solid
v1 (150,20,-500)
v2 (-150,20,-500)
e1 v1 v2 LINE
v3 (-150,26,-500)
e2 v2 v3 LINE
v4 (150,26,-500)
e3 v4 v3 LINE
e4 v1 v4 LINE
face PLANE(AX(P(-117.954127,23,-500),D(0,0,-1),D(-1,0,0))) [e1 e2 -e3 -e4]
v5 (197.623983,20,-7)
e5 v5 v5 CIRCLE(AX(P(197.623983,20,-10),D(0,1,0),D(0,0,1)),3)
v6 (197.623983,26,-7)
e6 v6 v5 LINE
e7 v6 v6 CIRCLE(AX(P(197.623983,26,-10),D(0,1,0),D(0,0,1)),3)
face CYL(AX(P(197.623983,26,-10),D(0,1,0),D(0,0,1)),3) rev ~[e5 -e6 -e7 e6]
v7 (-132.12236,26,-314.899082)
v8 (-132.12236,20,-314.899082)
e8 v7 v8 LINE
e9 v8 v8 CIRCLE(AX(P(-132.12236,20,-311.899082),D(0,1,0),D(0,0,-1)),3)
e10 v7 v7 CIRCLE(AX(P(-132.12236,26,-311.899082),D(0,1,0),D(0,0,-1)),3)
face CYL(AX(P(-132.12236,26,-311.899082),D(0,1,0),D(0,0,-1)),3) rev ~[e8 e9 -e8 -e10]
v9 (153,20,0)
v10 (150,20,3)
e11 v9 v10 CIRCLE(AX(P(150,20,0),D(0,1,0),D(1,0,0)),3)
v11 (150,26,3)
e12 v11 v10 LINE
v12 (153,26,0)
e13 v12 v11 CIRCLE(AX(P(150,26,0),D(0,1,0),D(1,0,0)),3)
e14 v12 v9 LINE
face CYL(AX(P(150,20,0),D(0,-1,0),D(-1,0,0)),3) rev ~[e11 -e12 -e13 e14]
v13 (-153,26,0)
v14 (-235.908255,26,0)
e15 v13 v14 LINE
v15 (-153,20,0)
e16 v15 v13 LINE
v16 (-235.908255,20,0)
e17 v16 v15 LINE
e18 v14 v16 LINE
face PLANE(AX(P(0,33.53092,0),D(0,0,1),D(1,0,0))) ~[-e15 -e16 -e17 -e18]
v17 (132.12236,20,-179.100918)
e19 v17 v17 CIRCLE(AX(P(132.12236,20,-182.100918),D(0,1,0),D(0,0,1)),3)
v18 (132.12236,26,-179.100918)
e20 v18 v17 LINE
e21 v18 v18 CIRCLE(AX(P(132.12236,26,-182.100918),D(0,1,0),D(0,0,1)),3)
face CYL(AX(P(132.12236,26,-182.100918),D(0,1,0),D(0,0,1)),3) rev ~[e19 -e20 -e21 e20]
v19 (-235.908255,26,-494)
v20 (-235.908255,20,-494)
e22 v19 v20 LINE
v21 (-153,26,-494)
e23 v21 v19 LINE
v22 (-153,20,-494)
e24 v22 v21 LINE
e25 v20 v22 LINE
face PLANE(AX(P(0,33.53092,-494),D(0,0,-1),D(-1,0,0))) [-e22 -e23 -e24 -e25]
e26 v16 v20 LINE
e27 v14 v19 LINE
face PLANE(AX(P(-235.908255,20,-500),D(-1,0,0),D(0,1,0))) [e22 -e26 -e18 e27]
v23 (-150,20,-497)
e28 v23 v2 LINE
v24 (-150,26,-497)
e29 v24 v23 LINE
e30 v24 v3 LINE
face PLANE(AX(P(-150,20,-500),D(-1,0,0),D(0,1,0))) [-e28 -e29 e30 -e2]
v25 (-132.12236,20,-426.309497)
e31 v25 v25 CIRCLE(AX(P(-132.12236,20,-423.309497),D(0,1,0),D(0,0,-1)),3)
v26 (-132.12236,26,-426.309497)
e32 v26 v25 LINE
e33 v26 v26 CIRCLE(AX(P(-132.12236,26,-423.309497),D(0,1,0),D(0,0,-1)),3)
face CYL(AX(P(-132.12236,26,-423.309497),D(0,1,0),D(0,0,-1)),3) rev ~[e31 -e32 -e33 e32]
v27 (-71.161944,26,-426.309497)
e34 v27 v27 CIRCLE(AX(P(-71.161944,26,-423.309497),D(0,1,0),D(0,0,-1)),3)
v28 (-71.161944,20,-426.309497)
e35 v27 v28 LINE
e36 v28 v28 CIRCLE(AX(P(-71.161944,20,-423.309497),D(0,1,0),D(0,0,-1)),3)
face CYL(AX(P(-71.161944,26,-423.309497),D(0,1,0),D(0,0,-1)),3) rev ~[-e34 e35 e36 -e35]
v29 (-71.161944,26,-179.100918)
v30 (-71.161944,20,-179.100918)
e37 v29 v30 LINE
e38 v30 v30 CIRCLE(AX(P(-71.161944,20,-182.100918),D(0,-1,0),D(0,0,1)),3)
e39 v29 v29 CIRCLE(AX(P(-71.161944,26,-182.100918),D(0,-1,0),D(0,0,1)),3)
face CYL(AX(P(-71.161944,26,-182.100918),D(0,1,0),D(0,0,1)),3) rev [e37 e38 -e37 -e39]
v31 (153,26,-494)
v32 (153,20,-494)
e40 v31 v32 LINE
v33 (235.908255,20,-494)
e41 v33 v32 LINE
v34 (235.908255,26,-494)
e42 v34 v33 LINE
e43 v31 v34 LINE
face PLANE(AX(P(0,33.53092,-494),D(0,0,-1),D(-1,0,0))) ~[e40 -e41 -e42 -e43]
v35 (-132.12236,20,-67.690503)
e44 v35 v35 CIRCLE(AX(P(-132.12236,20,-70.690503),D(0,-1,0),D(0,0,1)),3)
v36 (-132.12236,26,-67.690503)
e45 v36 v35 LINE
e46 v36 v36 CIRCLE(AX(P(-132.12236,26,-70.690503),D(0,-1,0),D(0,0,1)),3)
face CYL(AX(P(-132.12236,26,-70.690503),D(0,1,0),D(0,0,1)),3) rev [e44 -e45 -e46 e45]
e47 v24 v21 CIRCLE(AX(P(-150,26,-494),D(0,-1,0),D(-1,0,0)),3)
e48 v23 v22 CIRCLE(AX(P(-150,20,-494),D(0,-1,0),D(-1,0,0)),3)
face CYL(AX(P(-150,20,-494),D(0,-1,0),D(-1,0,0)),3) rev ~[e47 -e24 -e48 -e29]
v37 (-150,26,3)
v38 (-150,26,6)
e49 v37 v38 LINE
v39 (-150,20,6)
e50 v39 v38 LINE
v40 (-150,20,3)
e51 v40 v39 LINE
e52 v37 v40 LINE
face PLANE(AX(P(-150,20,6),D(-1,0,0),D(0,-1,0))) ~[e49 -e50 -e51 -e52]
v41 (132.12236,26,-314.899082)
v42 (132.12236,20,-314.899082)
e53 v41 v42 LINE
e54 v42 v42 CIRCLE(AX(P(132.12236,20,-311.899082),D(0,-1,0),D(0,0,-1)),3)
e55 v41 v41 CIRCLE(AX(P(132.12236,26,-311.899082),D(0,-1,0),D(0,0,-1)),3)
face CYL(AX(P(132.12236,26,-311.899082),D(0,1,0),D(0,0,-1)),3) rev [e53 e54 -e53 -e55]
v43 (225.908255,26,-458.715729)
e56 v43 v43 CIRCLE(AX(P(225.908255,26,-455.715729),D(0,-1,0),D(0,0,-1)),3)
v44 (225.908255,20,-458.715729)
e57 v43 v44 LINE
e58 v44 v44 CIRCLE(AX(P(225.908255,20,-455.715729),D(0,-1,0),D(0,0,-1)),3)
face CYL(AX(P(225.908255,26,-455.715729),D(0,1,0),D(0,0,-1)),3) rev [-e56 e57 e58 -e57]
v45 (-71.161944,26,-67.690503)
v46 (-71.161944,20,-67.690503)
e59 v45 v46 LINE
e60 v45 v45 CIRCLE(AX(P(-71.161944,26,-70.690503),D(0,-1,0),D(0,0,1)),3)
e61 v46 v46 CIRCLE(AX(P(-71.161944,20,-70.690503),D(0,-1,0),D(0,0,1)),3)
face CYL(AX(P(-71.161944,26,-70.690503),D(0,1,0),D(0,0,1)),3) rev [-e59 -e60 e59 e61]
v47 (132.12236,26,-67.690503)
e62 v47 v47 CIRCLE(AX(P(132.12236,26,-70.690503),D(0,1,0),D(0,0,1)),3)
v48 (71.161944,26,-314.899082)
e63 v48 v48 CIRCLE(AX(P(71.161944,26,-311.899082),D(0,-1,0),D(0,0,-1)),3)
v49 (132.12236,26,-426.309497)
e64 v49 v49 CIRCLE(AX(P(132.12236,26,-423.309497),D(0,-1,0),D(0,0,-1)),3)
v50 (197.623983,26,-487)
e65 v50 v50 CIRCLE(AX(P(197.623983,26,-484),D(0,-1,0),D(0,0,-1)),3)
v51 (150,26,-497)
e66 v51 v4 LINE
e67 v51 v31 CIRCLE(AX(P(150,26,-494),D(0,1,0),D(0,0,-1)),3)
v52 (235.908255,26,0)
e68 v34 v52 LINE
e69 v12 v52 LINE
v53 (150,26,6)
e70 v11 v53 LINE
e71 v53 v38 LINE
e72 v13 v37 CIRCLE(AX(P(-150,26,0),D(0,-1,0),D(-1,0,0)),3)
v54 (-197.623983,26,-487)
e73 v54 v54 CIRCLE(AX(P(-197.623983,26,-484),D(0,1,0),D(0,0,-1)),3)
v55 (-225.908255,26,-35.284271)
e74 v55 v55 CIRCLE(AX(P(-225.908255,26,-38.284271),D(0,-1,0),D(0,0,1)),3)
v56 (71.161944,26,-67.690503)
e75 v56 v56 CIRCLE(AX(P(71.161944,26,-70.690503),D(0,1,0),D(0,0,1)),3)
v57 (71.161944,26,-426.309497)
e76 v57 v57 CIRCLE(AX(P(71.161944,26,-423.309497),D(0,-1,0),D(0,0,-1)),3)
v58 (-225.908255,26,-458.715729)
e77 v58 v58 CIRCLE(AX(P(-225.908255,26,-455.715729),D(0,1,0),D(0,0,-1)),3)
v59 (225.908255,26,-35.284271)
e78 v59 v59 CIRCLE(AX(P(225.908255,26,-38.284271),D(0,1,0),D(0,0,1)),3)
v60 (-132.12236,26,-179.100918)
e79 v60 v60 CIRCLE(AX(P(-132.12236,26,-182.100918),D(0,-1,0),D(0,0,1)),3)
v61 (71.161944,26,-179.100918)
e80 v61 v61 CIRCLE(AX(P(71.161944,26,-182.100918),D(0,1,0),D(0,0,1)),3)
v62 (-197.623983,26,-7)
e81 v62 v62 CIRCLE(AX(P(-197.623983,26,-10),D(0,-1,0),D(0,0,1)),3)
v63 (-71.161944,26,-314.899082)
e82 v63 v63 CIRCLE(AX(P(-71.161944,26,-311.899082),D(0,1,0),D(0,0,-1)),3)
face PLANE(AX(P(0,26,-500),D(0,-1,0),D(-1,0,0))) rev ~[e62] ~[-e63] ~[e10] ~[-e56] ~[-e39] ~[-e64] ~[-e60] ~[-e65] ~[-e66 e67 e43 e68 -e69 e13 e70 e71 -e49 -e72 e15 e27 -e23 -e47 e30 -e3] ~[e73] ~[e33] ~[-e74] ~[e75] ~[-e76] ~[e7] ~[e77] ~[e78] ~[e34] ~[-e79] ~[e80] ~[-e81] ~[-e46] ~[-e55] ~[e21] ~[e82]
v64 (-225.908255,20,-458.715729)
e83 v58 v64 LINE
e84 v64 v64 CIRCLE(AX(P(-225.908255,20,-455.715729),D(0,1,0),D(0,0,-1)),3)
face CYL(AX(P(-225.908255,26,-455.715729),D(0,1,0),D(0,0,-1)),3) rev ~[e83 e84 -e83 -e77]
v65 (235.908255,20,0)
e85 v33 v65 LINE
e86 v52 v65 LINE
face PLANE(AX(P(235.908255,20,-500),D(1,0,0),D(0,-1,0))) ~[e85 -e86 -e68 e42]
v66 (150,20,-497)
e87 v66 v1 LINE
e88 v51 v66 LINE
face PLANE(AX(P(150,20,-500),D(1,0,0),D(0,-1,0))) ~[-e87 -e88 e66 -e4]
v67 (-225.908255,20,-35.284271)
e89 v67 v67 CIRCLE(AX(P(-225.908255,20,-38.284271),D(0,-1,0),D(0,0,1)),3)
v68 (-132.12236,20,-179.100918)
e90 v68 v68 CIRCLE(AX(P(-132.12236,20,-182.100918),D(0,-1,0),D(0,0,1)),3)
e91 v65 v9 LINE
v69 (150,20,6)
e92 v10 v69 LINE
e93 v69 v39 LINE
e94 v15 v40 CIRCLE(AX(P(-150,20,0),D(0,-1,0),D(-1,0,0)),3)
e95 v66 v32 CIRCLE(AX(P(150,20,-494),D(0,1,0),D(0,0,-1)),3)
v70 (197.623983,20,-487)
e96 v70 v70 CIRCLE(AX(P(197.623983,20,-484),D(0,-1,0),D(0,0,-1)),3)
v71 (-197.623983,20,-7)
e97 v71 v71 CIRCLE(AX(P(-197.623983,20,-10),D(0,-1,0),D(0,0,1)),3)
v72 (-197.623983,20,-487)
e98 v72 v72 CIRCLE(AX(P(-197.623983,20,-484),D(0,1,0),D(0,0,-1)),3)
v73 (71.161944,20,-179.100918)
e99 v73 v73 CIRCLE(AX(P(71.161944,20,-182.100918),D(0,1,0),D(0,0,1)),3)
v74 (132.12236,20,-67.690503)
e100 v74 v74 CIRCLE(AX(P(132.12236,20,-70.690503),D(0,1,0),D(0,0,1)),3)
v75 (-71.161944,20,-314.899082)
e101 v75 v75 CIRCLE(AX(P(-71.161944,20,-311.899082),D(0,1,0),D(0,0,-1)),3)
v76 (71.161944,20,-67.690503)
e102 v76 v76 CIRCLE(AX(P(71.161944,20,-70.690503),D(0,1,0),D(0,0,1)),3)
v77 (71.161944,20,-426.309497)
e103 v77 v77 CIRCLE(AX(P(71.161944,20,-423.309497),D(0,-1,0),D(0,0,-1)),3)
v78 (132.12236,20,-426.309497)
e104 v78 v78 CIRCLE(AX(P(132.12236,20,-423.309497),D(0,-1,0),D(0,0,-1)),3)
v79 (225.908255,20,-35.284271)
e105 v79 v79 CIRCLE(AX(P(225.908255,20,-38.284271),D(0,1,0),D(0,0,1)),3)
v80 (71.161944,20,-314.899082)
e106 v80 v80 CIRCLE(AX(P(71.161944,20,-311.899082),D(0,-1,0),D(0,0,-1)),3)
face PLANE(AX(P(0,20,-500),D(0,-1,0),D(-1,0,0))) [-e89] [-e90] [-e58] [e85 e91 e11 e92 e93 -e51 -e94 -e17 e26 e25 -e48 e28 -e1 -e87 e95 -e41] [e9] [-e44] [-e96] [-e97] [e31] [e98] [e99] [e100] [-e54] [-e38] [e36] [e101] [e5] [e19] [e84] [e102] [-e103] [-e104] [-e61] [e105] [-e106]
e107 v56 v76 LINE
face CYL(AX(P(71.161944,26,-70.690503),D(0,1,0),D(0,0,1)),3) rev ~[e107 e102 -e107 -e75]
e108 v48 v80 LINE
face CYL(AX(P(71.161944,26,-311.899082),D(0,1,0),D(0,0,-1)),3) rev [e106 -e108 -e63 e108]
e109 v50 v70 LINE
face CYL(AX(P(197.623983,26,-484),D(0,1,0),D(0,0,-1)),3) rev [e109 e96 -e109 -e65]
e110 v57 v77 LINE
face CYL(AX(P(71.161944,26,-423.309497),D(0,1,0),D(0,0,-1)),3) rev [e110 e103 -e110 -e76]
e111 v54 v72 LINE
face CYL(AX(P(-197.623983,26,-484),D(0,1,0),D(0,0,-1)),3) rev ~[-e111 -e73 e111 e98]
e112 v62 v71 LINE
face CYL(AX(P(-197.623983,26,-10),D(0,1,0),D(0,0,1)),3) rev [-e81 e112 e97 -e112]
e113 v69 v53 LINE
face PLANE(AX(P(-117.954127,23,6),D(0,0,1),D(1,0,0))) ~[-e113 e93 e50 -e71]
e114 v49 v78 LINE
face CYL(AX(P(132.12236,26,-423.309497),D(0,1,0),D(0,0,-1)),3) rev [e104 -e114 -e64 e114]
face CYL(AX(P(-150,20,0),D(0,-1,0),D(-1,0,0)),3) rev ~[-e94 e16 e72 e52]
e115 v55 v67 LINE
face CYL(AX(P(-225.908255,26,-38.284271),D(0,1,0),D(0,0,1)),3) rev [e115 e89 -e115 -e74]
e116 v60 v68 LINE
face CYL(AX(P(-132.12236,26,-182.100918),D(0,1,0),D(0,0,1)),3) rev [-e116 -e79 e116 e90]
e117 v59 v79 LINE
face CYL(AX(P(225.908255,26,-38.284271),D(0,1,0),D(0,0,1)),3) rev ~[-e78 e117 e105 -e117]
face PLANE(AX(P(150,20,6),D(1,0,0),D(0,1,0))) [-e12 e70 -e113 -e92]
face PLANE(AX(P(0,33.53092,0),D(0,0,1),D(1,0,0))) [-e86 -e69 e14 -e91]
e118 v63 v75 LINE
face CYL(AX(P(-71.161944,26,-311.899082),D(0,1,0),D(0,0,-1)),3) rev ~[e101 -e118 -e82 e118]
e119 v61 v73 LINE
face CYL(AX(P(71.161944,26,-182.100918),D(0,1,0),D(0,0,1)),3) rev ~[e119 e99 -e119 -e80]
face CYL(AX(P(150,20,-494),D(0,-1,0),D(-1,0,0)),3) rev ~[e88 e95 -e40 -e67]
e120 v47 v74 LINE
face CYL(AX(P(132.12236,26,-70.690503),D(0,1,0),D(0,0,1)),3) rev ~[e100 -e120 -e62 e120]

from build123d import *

# Parameters (mm, degrees)
RESSALTO_EXTRUS_O2_DEPTH = 6
RESSALTO_EXTRUS_O3_DEPTH = 6
CORTE_EXTRUS_O2_DEPTH    = 10
ESBO_O7_W                = 235.908254568
ESBO_O7_H                = 6
RESSALTO_EXTRUS_O4_DEPTH = 253
ESBO_O8_W                = 6.266008042
ESBO_O8_H                = 6
CORTE_EXTRUS_O3_DEPTH    = 6
ESBO_O9_R                = 3
CORTE_EXTRUS_O4_DEPTH    = 342.610457354
ESBO_O10_R               = 3
CORTE_EXTRUS_O5_DEPTH    = 553.891223092


with BuildPart() as part:
    # Esboço1 → Ressalto-extrusão2 (new body)
    with BuildSketch(Plane.XY):
        with BuildLine():
            Line((-199.999999999, 0), (199.999999999, 0))
            ThreePointArc((199.999999999, 0), (202.565835097, -15.811388301), (209.999999999, -30))
            Line((209.999999999, -30), (289.999999999, -30))
            ThreePointArc((289.999999999, -30), (299.999014124, 0.31398499), (289.62007067, 30.5))
            ThreePointArc((289.62007067, 30.5), (297.818976076, 75.60635228), (265.815415017, 108.432822474))
            Line((265.815415017, 108.432822474), (246.403986634, 35.988385502))
            ThreePointArc((246.403986634, 35.988385502), (242.72975202, 33.867065158), (240.608431676, 37.541299773))
            Line((240.608431676, 37.541299773), (260.019860059, 109.985736744))
            ThreePointArc((260.019860059, 109.985736744), (218.38507475, 99.736242739), (199.999999999, 61))
            Line((199.999999999, 61), (140, 61))
            Line((140, 61), (150.784643454, 58.387579086))
            Line((150.784643454, 58.387579086), (139.047219324, 52.742194858))
            Line((139.047219324, 52.742194858), (160.085396074, 40.245061921))
            Line((160.085396074, 40.245061921), (137.597498913, 43.437533109))
            Line((137.597498913, 43.437533109), (153.154101004, 34.194272541))
            Line((153.154101004, 34.194272541), (138.26257587, 30.30469508))
            Line((138.26257587, 30.30469508), (144.152507453, 26))
            Line((144.152507453, 26), (149.999999999, 26))
            ThreePointArc((149.999999999, 26), (152.999999999, 23), (149.999999999, 20))
            Line((149.999999999, 20), (-149.999999999, 20))
            ThreePointArc((-149.999999999, 20), (-152.999999999, 23), (-149.999999999, 26))
            Line((-149.999999999, 26), (-144.152507453, 26))
            Line((-144.152507453, 26), (-138.26257587, 30.30469508))
            Line((-138.26257587, 30.30469508), (-153.154101004, 34.194272541))
            Line((-153.154101004, 34.194272541), (-137.597498913, 43.437533109))
            Line((-137.597498913, 43.437533109), (-160.085396074, 40.245061921))
            Line((-160.085396074, 40.245061921), (-139.047219324, 52.742194858))
            Line((-139.047219324, 52.742194858), (-150.784643454, 58.387579086))
            Line((-150.784643454, 58.387579086), (-140, 61))
            Line((-140, 61), (-199.999999999, 61))
            ThreePointArc((-199.999999999, 61), (-218.38507475, 99.736242739), (-260.019860059, 109.985736744))
            Line((-260.019860059, 109.985736744), (-240.608431676, 37.541299773))
            ThreePointArc((-240.608431676, 37.541299773), (-242.72975202, 33.867065158), (-246.403986634, 35.988385502))
            Line((-246.403986634, 35.988385502), (-265.815415017, 108.432822474))
            ThreePointArc((-265.815415017, 108.432822474), (-297.818976076, 75.60635228), (-289.62007067, 30.5))
            ThreePointArc((-289.62007067, 30.5), (-299.999014124, 0.31398499), (-289.999999999, -30))
            Line((-289.999999999, -30), (-209.999999999, -30))
            ThreePointArc((-209.999999999, -30), (-202.565835097, -15.811388301), (-199.999999999, 0))
        make_face()
    extrude(amount=RESSALTO_EXTRUS_O2_DEPTH)

    # Esboço5 → Corte-extrusão2 (cut)
    with BuildSketch(Plane.XY.offset(6)):
        Polygon((-341.805819903, 0), (-379.563439543, 0), (-379.563439543, 200.23140607), (0, 200.23140607), (0, 0), (-124.202696186, 0), (-124.202696186, -126.67009029), (-341.805819903, -126.67009029), align=None)
    extrude(amount=-CORTE_EXTRUS_O2_DEPTH, mode=Mode.SUBTRACT)


with BuildPart() as body_2:
    # Esboço4 → Ressalto-extrusão3 (new body)
    with BuildSketch(Plane(origin=(215.105397993, -57.63731768, 0), x_dir=(0, 0, -1), z_dir=(0.9659258262890679, -0.25881904510252246, 0))):
        with BuildLine():
            Line((246.999999999, 62.536155533), (246.999999999, 123.536155533))
            Line((246.999999999, 123.536155533), (47, 123.536155533))
            ThreePointArc((47, 123.536155533), (32.355339059, 158.891494592), (-3, 173.536155533))
            ThreePointArc((-3, 173.536155533), (-47.860896112, 145.615557699), (-42.620070671, 93.036155533))
            ThreePointArc((-42.620070671, 93.036155533), (-52.987511897, 61.418723482), (-41.217566642, 30.296155533))
            Line((-41.217566642, 30.296155533), (35.217566642, 30.296155533))
            ThreePointArc((35.217566642, 30.296155533), (43.96210351, 45.373380875), (47, 62.536155533))
            Line((47, 62.536155533), (246.999999999, 62.536155533))
        make_face()
    extrude(amount=RESSALTO_EXTRUS_O3_DEPTH)


with BuildPart() as body_3:
    # Esboço7 → Ressalto-extrusão4 (new body)
    with BuildSketch(Plane.XY.offset(6)):
        with Locations((117.954127284, 23)):
            Rectangle(ESBO_O7_W, ESBO_O7_H)
    extrude(amount=-RESSALTO_EXTRUS_O4_DEPTH)

    # Combinar1: cut part, body 2
    add(part.part, mode=Mode.SUBTRACT)
    add(body_2.part, mode=Mode.SUBTRACT)

    # Esboço8 → Corte-extrusão3 (cut)
    with BuildSketch(Plane.XY.offset(6)):
        with Locations((153.13300402, 23)):
            Rectangle(ESBO_O8_W, ESBO_O8_H)
    extrude(amount=-CORTE_EXTRUS_O3_DEPTH, mode=Mode.SUBTRACT)

    # Esboço9 → Corte-extrusão4 (cut, through all)
    with BuildSketch(Plane(origin=(0, 26, 0), x_dir=(1, 0, 0), z_dir=(0, 1, 0))):
        with Locations(Location((225.908254568, 38.284271247, 0), (0, 0, 270))):
            Circle(ESBO_O9_R)
        with Locations(Location((197.623983321, 10, 0), (0, 0, 270))):
            Circle(ESBO_O9_R)
        with Locations(Location((71.161943972, 70.690502615, 0), (0, 0, 270))):
            Circle(ESBO_O9_R)
        with Locations(Location((132.122360106, 70.690502615, 0), (0, 0, 270))):
            Circle(ESBO_O9_R)
        with Locations(Location((71.161943972, 182.100918308, 0), (0, 0, 270))):
            Circle(ESBO_O9_R)
        with Locations(Location((132.122360106, 182.100918308, 0), (0, 0, 270))):
            Circle(ESBO_O9_R)
    extrude(amount=-CORTE_EXTRUS_O4_DEPTH, mode=Mode.SUBTRACT)

    # Espelhar1: body 3 across plane


with BuildPart() as body_3_1:
    add(body_3.part)
    add(body_3.part.mirror(Plane(origin=(0, 26, -246.999999999), x_dir=(0, 0, 1), z_dir=(-1, 0, 0))))

    # Espelhar3: body 3 across plane


with BuildPart() as body_3_2:
    add(body_3_1.part)
    add(body_3_1.part.mirror(Plane.XY.offset(-246.999999999)))

    # Esboço10 → Corte-extrusão5 (cut, through all)
    with BuildSketch(Plane(origin=(0, 20, 0), x_dir=(-1, 0, 0), z_dir=(0, -1, 0))):
        with Locations((149.999999999, 0)):
            Circle(ESBO_O10_R)
        with Locations((-149.999999999, 0)):
            Circle(ESBO_O10_R)
        with Locations((-149.999999999, 493.999999998)):
            Circle(ESBO_O10_R)
        with Locations((149.999999999, 493.999999998)):
            Circle(ESBO_O10_R)
    extrude(amount=-CORTE_EXTRUS_O5_DEPTH, mode=Mode.SUBTRACT)


solid = body_3_2.part
